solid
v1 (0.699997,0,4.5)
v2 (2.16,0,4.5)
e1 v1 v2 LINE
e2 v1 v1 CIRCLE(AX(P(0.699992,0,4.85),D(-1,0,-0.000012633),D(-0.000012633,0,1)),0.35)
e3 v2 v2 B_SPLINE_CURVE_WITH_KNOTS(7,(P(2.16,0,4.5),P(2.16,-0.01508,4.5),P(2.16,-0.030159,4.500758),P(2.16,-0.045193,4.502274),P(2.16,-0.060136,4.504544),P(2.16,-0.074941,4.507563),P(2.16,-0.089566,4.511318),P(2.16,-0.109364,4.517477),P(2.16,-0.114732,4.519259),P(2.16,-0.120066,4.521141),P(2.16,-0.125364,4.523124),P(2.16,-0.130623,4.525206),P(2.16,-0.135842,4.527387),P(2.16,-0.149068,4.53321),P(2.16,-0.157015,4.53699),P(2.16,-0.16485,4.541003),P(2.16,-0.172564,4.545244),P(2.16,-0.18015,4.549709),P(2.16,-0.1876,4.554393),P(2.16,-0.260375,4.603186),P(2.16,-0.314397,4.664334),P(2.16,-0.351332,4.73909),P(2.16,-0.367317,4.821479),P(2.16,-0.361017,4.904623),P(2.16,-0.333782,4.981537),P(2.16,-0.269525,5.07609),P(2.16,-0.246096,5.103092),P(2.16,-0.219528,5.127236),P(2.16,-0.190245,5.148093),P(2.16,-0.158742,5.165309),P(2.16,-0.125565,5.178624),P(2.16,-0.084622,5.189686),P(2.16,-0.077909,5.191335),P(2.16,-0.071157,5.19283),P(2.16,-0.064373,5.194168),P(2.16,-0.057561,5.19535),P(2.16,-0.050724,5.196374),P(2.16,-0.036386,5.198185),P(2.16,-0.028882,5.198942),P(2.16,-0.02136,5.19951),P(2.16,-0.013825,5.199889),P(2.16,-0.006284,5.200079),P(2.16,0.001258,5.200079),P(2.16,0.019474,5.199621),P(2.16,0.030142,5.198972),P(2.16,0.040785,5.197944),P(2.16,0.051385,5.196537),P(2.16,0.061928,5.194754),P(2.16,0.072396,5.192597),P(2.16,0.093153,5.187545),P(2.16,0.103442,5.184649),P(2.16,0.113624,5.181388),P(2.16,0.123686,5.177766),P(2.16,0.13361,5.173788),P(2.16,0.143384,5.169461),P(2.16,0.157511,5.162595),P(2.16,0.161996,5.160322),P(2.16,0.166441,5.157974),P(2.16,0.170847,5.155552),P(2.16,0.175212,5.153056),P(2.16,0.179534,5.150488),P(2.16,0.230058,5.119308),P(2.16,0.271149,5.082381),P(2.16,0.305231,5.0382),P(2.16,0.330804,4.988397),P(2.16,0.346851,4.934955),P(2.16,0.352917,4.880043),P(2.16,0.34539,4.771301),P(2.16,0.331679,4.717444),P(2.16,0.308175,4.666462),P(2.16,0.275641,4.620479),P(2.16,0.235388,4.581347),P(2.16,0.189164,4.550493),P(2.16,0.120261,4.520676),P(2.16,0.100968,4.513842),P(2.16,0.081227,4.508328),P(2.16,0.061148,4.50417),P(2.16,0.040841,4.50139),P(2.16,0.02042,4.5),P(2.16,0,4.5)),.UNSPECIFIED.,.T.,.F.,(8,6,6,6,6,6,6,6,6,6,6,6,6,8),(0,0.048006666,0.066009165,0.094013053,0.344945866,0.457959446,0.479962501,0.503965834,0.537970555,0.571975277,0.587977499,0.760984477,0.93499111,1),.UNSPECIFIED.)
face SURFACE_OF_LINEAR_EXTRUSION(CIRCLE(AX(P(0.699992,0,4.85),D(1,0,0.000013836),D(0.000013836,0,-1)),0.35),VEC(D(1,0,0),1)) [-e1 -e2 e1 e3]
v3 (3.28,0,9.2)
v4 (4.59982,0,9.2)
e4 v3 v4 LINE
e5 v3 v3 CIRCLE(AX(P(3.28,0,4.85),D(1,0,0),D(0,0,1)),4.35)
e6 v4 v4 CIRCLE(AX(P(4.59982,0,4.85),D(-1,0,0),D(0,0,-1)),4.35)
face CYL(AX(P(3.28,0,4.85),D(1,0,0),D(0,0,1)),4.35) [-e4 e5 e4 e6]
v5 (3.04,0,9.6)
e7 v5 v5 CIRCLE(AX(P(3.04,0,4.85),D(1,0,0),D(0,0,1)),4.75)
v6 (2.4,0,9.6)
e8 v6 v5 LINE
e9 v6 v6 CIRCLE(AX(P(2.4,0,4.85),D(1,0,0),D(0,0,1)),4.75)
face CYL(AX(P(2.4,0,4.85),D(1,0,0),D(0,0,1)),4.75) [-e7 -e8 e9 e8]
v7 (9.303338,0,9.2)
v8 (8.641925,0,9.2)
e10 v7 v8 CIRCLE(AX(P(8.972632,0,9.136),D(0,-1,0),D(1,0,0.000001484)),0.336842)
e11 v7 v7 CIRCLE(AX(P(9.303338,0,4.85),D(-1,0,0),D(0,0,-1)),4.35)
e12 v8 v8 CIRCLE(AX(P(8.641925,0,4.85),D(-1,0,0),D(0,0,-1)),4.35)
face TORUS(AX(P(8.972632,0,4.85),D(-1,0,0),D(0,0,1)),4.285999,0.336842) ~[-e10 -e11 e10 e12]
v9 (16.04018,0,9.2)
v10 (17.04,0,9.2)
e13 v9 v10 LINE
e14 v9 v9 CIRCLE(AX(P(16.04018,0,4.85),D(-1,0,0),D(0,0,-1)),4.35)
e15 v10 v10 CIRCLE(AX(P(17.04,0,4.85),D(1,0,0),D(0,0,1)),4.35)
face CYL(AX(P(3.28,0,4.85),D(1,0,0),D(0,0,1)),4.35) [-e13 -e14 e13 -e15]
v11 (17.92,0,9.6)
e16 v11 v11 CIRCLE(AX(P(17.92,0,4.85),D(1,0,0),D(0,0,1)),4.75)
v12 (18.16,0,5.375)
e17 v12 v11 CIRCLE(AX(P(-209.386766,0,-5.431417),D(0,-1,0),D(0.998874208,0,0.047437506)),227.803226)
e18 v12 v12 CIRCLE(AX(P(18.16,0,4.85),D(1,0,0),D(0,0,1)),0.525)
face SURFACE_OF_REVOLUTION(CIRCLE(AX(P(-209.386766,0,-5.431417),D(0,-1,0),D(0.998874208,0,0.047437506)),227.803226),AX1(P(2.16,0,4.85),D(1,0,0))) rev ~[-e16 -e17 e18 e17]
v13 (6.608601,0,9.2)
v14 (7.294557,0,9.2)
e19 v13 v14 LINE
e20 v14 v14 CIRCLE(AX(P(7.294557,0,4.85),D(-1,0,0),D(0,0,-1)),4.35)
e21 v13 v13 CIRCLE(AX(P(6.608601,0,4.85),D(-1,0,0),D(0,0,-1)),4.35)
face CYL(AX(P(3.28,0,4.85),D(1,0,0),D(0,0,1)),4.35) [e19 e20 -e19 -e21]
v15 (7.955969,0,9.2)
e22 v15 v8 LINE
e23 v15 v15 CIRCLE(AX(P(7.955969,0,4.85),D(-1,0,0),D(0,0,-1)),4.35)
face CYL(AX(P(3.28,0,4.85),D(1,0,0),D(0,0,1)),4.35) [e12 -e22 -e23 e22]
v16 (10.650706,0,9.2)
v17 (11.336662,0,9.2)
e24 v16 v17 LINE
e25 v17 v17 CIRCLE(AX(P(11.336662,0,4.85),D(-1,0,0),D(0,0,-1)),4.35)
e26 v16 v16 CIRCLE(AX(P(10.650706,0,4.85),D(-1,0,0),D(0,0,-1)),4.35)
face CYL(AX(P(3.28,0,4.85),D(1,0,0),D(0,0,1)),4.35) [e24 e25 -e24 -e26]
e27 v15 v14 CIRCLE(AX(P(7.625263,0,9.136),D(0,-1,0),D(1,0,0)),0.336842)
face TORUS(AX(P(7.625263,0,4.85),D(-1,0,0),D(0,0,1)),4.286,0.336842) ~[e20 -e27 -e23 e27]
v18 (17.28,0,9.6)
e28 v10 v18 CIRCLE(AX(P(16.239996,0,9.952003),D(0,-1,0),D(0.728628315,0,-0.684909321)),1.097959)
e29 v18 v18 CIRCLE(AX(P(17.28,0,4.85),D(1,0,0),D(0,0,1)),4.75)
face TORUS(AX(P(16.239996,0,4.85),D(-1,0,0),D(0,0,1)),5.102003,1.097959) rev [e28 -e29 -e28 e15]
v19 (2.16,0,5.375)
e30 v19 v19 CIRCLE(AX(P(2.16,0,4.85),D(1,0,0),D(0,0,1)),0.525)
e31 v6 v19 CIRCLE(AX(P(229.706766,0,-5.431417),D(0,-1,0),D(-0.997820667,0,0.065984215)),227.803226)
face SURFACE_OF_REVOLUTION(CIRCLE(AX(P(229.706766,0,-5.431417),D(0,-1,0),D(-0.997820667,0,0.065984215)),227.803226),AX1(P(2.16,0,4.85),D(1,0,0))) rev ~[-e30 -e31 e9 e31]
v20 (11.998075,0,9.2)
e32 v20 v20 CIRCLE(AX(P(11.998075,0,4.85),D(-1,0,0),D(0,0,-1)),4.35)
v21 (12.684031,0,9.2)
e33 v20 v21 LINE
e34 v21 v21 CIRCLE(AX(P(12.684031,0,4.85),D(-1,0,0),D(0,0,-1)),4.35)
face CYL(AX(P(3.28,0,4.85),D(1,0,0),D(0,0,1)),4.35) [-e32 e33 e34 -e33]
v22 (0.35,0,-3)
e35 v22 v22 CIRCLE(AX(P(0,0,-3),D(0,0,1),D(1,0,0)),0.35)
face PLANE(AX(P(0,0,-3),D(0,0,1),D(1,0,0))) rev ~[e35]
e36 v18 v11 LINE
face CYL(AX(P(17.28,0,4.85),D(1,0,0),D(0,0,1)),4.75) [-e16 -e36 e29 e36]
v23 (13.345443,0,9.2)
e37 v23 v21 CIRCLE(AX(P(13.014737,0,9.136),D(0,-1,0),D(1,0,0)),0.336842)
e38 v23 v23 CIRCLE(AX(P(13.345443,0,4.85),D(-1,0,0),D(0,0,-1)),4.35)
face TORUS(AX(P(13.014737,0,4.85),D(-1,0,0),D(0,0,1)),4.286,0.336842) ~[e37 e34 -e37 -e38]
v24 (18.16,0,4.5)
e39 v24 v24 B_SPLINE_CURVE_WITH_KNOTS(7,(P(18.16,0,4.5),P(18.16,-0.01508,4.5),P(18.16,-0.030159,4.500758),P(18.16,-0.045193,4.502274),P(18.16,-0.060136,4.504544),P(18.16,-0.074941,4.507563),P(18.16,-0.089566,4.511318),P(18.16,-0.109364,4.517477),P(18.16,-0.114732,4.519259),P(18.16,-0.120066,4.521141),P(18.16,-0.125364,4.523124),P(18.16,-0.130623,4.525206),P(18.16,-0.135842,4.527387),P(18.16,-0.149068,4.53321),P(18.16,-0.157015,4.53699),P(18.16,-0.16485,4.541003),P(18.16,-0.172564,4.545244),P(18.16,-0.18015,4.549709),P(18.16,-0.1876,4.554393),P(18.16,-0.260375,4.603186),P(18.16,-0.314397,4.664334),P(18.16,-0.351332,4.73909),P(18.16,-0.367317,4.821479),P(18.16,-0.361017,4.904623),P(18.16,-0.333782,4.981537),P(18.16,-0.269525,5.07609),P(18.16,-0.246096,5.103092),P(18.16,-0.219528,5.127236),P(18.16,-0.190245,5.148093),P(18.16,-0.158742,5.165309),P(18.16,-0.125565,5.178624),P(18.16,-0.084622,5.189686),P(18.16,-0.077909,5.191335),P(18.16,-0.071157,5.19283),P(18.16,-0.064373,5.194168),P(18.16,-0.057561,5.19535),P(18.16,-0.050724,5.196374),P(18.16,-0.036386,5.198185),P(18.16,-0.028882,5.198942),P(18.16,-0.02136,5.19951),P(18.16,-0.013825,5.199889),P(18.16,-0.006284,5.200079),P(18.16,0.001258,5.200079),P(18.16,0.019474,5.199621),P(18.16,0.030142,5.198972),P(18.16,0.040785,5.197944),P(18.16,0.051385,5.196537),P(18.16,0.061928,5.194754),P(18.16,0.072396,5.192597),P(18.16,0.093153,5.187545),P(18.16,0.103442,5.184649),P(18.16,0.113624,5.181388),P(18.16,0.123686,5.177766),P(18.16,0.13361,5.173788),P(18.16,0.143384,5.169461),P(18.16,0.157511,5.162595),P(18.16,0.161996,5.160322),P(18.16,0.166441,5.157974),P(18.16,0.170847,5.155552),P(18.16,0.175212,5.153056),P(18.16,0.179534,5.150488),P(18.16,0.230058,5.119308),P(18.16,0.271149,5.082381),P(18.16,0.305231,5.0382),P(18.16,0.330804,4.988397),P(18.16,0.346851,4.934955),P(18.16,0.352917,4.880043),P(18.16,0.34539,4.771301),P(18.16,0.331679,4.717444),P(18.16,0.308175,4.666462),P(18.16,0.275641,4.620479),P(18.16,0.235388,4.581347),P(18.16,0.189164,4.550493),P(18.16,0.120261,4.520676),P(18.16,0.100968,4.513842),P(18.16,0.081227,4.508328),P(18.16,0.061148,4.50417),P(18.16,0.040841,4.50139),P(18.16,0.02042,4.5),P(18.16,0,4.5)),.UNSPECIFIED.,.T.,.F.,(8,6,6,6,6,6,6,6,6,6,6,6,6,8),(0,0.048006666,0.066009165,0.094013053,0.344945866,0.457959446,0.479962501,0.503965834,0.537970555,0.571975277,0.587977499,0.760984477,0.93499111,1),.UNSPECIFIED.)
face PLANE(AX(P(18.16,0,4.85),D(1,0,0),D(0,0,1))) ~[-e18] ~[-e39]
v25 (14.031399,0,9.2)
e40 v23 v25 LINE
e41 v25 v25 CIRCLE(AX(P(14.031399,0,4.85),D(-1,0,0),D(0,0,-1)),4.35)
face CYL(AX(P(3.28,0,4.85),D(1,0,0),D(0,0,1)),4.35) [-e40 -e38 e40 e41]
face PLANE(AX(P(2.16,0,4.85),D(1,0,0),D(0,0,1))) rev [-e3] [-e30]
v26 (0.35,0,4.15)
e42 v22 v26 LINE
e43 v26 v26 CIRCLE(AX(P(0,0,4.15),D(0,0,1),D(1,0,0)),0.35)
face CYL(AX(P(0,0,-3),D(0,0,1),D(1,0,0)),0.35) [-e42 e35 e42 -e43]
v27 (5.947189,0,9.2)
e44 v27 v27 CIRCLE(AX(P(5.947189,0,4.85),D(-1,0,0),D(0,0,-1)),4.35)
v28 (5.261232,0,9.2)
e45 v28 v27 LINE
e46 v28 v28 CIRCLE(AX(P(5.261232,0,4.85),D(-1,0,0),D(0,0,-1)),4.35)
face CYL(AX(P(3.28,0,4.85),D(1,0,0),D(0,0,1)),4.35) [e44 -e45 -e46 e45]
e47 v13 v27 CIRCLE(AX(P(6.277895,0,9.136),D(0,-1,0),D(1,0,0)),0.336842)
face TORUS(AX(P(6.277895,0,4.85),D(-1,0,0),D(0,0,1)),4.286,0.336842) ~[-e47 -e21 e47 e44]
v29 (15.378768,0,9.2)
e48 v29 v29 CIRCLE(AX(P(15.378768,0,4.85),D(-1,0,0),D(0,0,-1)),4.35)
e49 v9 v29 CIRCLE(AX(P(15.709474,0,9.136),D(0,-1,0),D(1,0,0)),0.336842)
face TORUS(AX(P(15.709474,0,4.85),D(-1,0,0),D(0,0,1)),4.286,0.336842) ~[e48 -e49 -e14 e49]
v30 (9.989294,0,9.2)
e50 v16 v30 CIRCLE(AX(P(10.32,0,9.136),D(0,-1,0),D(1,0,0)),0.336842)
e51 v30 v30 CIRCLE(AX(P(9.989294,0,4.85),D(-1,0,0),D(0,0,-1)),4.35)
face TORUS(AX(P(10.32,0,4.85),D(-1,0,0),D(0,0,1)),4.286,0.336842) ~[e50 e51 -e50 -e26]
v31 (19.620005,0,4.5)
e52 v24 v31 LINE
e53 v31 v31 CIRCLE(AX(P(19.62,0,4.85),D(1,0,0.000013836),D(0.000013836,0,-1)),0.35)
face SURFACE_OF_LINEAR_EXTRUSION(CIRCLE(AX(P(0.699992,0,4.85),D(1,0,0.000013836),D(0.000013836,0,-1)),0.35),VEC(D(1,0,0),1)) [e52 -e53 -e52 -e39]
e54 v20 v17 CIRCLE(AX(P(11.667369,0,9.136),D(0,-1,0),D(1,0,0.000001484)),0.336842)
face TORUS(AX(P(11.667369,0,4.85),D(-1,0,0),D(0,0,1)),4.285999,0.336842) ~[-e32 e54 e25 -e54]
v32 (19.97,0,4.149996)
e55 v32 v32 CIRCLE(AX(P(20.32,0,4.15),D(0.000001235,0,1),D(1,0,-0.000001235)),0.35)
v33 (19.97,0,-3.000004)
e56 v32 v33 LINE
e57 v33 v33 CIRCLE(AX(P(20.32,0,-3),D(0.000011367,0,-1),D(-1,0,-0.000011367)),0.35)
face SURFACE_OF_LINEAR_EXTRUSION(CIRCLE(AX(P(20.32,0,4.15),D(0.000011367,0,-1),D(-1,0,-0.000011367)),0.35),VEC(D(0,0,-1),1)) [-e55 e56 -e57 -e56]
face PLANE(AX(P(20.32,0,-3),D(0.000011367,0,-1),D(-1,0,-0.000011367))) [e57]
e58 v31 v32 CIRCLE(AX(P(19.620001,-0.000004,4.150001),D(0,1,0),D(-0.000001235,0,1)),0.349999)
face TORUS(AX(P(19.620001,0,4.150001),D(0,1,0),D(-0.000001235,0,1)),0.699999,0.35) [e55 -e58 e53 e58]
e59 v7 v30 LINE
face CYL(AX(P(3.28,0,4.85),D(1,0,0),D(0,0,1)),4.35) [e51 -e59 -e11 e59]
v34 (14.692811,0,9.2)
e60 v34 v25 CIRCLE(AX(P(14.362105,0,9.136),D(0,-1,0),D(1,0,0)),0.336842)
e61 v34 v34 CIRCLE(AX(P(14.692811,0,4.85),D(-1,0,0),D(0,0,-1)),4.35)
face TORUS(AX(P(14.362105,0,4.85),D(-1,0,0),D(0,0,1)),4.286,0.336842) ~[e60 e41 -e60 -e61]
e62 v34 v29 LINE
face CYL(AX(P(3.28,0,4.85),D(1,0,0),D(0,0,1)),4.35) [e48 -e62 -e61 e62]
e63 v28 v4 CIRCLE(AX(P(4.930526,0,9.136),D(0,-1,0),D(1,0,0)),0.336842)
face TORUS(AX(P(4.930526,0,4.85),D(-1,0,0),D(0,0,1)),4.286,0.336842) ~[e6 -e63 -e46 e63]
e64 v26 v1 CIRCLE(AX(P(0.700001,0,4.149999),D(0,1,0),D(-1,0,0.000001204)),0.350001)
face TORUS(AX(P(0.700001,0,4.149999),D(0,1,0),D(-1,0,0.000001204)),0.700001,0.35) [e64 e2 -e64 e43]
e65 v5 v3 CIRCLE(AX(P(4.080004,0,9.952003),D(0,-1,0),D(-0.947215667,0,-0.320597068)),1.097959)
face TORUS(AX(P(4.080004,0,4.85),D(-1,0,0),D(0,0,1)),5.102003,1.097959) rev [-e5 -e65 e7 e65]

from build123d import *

# Parameters (mm, degrees)
SKETCH_R = 0.35


with BuildPart() as sweep_body:
    # Sweep: sweep along a path in Sketch001
    with BuildLine(Plane.XZ) as sweep_path:
        Line((0, -3), (0, 4.15))
        ThreePointArc((0, 4.15), (0.205023, 4.644972), (0.699992, 4.85))
        Line((0.699992, 4.85), (19.62, 4.85))
        ThreePointArc((19.62, 4.85), (20.114975, 4.644975), (20.32, 4.15))
        Line((20.32, 4.15), (20.32, -3))
    # Sketch → Sweep (sweep)
    with BuildSketch(Plane.XY.offset(-2)):
        Circle(SKETCH_R)
    sweep(path=sweep_path.line)


with BuildPart() as revolution:
    # Sketch002 → Revolution (revolve)
    with BuildSketch(Plane.XZ):
        with BuildLine():
            Line((2.4, 9.6), (3.04, 9.6))
            ThreePointArc((3.04, 9.6), (3.138512, 9.387107), (3.28, 9.2))
            Line((3.28, 9.2), (17.04, 9.2))
            ThreePointArc((17.04, 9.2), (17.181488, 9.387107), (17.28, 9.6))
            Line((17.28, 9.6), (17.92, 9.6))
            ThreePointArc((18.16, 5.375), (18.049811, 7.488057), (17.92, 9.6))
            Line((18.16, 4.85), (18.16, 5.375))
            Line((2.16, 4.85), (18.16, 4.85))
            Line((2.16, 4.85), (2.16, 5.375))
            ThreePointArc((2.4, 9.6), (2.270189, 7.488057), (2.16, 5.375))
        make_face()
    revolve(axis=Axis((2.16, 0, 4.85), (1, 0, 0)))


with BuildPart() as revolution001_mp_cp:
    # Sketch003 → Revolution001 (revolve)
    with BuildSketch(Plane.XZ):
        with BuildLine():
            ThreePointArc((5.267368, 9.136), (4.930526, 9.472842), (4.593684, 9.136))
            Line((3.92, 9.136), (4.593684, 9.136))
            Line((3.92, 9.136), (3.92, 8.186))
            Line((3.92, 8.186), (16.72, 8.186))
            Line((16.72, 8.186), (16.72, 9.136))
            Line((16.046316, 9.136), (16.72, 9.136))
            ThreePointArc((16.046316, 9.136), (15.709474, 9.472842), (15.372632, 9.136))
            Line((14.698947, 9.136), (15.372632, 9.136))
            ThreePointArc((14.698947, 9.136), (14.362105, 9.472842), (14.025263, 9.136))
            Line((13.351579, 9.136), (14.025263, 9.136))
            ThreePointArc((13.351579, 9.136), (13.014737, 9.472842), (12.677895, 9.136))
            Line((12.004211, 9.136), (12.677895, 9.136))
            ThreePointArc((12.004211, 9.136), (11.667368, 9.472842), (11.330526, 9.136))
            Line((10.656842, 9.136), (11.330526, 9.136))
            ThreePointArc((10.656842, 9.136), (10.32, 9.472842), (9.983158, 9.136))
            Line((9.309474, 9.136), (9.983158, 9.136))
            ThreePointArc((9.309474, 9.136), (8.972632, 9.472842), (8.635789, 9.136))
            Line((7.962105, 9.136), (8.635789, 9.136))
            ThreePointArc((7.962105, 9.136), (7.625263, 9.472842), (7.288421, 9.136))
            Line((6.614737, 9.136), (7.288421, 9.136))
            ThreePointArc((6.614737, 9.136), (6.277895, 9.472842), (5.941053, 9.136))
            Line((5.267368, 9.136), (5.941053, 9.136))
        make_face()
    revolve(axis=Axis((2.56, 0, 4.85), (1, 0, 0)))

    # Revolution001_mp_cp: union Sweep body, Revolution
    add(sweep_body.part)
    add(revolution.part)


solid = revolution001_mp_cp.part
